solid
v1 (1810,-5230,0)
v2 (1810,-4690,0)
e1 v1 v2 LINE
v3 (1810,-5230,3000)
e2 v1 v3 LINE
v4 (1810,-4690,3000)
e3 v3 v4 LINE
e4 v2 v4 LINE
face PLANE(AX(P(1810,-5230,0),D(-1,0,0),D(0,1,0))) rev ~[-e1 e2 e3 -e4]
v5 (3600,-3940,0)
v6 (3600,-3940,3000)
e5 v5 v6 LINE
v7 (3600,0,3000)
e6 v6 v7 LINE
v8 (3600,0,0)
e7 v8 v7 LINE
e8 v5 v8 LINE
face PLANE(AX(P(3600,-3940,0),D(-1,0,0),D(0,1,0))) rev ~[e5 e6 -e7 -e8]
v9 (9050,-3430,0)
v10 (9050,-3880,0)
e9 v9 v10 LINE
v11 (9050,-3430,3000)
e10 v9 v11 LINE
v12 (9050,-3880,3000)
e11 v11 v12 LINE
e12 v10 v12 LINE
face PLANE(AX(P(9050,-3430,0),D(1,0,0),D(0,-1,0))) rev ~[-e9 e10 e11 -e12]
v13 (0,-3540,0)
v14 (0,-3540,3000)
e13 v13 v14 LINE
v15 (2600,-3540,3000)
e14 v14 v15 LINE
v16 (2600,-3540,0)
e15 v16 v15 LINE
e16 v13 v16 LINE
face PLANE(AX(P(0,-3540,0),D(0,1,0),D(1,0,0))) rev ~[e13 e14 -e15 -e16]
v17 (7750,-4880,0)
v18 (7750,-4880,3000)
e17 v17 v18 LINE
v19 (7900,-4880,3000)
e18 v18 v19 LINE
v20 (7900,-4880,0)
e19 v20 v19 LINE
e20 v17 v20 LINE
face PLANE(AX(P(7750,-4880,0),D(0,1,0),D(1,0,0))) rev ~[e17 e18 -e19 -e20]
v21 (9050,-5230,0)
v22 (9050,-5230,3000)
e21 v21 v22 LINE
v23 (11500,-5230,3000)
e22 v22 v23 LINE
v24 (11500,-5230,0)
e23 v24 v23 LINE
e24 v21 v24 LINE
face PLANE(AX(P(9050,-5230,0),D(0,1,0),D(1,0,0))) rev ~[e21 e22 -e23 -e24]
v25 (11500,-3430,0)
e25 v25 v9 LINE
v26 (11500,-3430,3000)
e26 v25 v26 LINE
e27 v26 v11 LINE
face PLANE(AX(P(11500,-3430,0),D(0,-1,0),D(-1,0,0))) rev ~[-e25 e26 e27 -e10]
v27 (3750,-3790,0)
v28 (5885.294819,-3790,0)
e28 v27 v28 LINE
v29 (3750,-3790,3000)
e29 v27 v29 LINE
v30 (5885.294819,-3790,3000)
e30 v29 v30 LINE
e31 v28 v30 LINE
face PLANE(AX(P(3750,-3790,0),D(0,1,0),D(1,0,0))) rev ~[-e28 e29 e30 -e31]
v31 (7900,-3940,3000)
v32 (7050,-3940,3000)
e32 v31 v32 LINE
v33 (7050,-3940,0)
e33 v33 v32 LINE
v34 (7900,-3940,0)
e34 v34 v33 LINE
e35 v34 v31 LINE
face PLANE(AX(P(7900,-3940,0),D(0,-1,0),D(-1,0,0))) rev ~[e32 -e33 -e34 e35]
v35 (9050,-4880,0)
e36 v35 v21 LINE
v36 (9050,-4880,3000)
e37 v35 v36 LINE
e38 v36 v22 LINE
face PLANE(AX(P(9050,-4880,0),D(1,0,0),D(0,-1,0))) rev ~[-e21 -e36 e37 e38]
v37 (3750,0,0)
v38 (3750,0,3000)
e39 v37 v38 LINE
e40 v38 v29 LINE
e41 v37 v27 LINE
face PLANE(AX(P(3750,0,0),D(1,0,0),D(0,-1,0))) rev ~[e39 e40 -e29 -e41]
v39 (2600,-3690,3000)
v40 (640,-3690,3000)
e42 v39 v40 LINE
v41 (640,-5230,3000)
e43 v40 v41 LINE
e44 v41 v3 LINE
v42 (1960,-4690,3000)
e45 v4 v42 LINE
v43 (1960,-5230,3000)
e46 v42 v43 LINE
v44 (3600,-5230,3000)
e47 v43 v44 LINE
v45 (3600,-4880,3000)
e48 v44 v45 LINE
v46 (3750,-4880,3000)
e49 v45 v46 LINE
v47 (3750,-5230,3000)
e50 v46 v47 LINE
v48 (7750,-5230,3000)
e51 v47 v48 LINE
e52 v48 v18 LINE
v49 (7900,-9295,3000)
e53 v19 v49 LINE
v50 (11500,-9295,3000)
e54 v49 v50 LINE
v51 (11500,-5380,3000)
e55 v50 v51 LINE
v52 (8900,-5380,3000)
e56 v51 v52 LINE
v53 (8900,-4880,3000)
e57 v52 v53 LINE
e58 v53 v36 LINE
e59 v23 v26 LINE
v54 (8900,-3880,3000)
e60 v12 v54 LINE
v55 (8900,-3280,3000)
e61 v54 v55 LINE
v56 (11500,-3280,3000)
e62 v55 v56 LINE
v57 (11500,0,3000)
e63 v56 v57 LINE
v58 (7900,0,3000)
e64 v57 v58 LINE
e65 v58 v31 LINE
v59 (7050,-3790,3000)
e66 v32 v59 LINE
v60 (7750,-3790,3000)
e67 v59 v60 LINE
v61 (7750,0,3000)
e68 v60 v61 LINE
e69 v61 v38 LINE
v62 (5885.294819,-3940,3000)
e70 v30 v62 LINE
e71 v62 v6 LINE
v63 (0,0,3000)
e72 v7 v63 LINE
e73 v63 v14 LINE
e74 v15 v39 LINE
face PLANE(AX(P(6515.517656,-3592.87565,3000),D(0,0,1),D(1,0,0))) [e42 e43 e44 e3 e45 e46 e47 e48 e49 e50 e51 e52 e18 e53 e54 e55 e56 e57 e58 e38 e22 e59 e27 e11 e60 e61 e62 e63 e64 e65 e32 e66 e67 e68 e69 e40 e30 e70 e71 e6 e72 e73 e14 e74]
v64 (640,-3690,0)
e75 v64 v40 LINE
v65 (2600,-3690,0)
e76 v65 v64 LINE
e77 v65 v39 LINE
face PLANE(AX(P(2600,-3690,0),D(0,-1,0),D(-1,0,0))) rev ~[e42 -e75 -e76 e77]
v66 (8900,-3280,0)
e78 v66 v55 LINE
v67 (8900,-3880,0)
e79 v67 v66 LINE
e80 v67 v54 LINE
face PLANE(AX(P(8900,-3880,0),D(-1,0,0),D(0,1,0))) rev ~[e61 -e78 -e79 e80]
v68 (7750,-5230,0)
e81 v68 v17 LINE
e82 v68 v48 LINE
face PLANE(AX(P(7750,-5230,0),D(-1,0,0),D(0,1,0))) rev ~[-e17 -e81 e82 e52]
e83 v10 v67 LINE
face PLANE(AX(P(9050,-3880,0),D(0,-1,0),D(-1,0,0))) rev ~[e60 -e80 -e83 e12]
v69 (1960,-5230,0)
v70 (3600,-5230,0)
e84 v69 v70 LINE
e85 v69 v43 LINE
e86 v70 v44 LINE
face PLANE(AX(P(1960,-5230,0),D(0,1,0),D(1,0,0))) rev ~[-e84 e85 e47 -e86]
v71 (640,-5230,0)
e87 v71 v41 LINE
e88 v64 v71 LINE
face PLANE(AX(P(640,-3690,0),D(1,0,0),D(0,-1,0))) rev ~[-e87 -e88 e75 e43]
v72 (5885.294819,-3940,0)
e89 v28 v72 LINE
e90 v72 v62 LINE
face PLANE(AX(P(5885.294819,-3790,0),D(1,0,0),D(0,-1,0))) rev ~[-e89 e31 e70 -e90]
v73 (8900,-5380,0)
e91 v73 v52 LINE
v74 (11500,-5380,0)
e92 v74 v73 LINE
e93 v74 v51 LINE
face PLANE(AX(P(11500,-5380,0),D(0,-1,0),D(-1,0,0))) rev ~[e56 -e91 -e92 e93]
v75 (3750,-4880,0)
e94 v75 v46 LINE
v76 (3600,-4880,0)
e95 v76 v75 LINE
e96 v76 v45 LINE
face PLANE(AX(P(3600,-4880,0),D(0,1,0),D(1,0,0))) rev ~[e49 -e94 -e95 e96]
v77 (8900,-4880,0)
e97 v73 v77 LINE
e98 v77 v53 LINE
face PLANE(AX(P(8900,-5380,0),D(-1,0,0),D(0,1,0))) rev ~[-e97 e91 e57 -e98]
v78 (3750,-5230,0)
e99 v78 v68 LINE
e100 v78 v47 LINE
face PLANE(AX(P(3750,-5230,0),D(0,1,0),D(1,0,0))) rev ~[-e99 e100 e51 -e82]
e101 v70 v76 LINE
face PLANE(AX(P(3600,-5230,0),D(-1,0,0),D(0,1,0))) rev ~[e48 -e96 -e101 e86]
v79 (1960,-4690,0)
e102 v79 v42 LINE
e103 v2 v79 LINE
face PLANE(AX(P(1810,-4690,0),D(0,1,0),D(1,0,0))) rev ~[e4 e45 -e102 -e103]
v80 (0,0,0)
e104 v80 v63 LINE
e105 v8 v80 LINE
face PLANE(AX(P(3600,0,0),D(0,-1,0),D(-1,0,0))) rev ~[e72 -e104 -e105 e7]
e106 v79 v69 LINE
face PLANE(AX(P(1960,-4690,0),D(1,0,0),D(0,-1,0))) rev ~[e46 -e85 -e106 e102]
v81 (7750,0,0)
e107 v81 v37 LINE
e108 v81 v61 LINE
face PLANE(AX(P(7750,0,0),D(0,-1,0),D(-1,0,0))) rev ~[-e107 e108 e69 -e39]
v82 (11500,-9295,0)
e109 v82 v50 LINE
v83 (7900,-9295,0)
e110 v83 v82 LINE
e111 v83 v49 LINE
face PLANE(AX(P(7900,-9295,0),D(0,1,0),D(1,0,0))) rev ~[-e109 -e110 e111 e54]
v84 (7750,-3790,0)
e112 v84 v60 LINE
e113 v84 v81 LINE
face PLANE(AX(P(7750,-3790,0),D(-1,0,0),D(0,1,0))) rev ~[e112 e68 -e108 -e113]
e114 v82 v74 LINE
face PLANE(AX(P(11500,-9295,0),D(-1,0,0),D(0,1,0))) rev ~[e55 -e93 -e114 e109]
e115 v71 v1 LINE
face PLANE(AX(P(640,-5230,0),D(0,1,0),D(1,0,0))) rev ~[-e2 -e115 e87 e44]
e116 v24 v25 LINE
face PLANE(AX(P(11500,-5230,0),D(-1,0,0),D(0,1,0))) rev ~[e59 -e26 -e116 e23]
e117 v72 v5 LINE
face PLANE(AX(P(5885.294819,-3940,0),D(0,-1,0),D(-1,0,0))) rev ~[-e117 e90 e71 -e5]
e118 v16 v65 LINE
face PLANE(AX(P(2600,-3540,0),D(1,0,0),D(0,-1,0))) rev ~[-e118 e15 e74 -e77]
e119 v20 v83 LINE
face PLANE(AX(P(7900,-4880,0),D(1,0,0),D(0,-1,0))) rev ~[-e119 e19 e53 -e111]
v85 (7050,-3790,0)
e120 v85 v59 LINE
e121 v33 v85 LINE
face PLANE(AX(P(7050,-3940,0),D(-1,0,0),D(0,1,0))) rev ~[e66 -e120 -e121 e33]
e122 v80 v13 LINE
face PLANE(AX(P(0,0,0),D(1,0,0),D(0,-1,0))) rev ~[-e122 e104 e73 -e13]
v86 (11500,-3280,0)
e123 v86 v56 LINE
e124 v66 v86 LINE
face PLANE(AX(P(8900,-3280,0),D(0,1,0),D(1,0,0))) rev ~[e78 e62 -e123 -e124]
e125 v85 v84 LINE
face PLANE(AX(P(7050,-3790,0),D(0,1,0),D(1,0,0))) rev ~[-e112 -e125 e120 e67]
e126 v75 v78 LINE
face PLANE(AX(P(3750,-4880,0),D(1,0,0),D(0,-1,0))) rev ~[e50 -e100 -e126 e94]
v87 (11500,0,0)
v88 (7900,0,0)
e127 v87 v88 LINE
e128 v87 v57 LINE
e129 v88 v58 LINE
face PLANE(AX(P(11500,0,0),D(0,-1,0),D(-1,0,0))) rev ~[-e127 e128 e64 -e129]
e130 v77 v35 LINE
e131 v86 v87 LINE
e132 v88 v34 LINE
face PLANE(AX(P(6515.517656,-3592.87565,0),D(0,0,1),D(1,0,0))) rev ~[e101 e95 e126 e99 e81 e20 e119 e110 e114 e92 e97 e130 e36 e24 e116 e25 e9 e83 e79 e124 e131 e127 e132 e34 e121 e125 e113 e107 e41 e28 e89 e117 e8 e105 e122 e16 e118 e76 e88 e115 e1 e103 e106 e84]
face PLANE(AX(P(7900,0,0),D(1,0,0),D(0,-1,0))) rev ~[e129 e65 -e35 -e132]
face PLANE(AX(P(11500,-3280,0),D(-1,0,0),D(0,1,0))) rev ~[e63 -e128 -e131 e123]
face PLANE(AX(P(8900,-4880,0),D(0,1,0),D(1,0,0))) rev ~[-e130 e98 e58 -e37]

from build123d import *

# Parameters (mm, degrees)
F1_DEPTH = 3000


with BuildPart() as f1:
    # F0 (on Top) → F1 (new body)
    with BuildSketch(Plane.XY):
        Polygon((3600, 0), (0, 0), (0, -3540), (2600, -3540), (2600, -3690), (640, -3690), (640, -5230), (1810, -5230), (1810, -4690), (1960, -4690), (1960, -5230), (3600, -5230), (3600, -4880), (3750, -4880), (3750, -5230), (7750, -5230), (7750, -4880), (7900, -4880), (7900, -5380), (7900, -9295), (11500, -9295), (11500, -5380), (8900, -5380), (8900, -4880), (9050, -4880), (9050, -5230), (11500, -5230), (11500, -3430), (9050, -3430), (9050, -3880), (8900, -3880), (8900, -3280), (11500, -3280), (11500, 0), (7900, 0), (7900, -3940), (7750, -3940), (7050, -3940), (7050, -3790), (7750, -3790), (7750, 0), (3750, 0), (3750, -3790), (5885.294819, -3790), (5885.294819, -3940), (3600, -3940), align=None)
    extrude(amount=F1_DEPTH)


solid = f1.part
